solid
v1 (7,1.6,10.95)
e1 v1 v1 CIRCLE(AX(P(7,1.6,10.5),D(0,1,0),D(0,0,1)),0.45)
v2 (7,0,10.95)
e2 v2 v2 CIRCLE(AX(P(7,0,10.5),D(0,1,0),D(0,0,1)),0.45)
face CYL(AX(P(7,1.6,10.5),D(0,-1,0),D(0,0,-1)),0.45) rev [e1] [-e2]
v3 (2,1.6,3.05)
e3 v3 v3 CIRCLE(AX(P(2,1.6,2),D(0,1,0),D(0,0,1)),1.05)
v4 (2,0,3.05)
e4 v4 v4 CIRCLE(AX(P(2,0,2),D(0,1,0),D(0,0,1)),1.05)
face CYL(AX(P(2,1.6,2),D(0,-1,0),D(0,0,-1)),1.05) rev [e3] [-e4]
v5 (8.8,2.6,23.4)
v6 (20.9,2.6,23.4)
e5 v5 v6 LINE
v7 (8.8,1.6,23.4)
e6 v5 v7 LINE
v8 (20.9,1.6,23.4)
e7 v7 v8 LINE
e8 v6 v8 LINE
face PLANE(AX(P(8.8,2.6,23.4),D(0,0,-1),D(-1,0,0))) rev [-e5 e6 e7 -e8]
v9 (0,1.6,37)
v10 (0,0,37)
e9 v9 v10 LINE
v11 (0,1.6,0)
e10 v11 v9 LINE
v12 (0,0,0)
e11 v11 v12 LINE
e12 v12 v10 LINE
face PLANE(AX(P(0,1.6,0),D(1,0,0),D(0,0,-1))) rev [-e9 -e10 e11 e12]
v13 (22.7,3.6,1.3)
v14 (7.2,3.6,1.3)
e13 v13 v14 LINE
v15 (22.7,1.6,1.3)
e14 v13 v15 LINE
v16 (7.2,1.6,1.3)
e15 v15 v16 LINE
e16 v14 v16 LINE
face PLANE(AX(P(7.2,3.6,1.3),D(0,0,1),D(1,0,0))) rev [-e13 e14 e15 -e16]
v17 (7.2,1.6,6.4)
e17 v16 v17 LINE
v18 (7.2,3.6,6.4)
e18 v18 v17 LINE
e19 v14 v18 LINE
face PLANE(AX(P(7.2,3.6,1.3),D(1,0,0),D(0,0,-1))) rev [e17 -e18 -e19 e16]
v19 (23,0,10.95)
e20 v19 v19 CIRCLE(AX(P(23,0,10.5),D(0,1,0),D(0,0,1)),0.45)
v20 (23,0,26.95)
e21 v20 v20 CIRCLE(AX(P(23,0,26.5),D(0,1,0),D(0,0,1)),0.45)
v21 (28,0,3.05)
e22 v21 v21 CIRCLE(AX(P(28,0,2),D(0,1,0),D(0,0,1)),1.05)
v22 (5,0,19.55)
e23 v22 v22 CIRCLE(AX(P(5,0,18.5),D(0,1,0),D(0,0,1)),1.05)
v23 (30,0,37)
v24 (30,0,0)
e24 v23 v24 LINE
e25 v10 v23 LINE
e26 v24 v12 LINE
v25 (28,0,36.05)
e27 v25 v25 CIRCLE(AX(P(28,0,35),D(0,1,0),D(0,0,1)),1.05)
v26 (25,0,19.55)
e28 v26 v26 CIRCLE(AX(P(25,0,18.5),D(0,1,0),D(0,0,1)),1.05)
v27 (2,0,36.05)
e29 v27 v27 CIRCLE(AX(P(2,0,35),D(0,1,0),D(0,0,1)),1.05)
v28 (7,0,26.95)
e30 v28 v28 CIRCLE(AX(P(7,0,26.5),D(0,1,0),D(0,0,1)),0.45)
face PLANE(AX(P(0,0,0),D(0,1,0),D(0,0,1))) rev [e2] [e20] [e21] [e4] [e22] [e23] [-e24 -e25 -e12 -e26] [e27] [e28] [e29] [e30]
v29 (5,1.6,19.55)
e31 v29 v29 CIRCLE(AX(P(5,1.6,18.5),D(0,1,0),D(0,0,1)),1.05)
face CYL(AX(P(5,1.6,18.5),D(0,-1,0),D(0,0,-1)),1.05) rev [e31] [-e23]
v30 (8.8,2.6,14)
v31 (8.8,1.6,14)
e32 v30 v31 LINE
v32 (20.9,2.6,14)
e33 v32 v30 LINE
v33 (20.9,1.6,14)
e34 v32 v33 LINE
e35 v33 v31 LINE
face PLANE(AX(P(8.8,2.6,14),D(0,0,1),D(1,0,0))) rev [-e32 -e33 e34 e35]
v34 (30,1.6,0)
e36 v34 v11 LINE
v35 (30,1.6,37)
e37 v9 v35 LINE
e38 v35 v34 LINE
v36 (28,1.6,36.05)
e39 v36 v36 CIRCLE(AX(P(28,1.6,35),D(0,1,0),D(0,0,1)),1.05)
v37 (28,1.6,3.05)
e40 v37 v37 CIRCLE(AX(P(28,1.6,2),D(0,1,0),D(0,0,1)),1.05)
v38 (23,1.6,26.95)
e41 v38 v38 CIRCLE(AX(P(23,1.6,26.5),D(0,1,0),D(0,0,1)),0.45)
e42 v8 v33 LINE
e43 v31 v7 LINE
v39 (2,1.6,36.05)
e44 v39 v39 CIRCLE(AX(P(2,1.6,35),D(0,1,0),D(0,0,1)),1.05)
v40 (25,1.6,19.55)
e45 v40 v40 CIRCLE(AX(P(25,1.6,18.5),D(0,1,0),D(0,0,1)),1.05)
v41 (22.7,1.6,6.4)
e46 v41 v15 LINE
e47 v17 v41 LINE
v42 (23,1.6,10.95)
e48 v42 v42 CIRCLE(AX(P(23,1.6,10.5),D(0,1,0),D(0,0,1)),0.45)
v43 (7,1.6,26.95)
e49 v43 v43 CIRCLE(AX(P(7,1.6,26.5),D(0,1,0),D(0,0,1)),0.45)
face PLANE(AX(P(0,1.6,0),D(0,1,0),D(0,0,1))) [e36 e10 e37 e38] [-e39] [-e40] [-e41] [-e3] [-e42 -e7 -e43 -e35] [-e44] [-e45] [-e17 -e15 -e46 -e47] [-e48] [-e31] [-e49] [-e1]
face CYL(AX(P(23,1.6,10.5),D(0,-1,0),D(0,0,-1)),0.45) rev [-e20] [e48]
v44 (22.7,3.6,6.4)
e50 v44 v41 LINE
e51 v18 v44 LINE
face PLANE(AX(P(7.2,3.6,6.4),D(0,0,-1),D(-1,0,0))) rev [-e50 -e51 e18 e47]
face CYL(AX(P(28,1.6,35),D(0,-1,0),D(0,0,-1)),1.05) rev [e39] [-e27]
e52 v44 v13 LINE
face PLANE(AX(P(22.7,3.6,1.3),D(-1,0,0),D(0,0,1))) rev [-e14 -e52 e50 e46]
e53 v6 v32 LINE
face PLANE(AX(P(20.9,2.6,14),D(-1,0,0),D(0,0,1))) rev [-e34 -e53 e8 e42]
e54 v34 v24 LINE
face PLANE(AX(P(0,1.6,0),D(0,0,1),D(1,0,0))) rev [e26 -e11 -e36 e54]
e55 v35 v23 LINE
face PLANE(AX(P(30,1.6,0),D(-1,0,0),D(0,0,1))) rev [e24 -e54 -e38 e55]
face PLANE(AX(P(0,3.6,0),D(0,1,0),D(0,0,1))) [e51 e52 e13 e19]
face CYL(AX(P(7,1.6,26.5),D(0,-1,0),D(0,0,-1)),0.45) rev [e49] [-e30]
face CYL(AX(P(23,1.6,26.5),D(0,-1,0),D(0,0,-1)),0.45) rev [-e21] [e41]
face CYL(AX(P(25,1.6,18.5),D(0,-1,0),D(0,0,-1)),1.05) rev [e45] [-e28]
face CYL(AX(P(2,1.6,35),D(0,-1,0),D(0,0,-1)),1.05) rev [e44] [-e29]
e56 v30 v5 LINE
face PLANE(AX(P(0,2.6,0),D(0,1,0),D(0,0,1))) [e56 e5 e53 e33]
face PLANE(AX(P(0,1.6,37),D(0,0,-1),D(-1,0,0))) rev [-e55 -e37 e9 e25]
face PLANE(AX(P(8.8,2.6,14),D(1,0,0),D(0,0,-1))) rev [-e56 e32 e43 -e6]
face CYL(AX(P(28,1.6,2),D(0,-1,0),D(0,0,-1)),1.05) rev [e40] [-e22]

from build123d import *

# Parameters (mm, degrees)
SKETCH_1_W      = 30
SKETCH_1_H      = 37
SKETCH_1_R      = 1.05
SKETCH_1_R_2    = 0.45
EXTRUDE_1_DEPTH = 1.6
SKETCH_2_W      = 12.1
SKETCH_2_H      = 9.4
EXTRUDE_2_DEPTH = 1
SKETCH_3_W      = 15.5
SKETCH_3_H      = 5.1
EXTRUDE_3_DEPTH = 2


with BuildPart() as part:
    # 草图1 → 凸台-拉伸1 (new body)
    with BuildSketch(Plane(origin=(0, 0, 0), x_dir=(1, 0, 0), z_dir=(0, 1, 0))):
        with Locations((15, -18.5)):
            Rectangle(SKETCH_1_W, SKETCH_1_H)
        with Locations(Location((2, -2, 0), (0, 0, 270))):
            Circle(SKETCH_1_R, mode=Mode.SUBTRACT)
        with Locations(Location((28, -2, 0), (0, 0, 270))):
            Circle(SKETCH_1_R, mode=Mode.SUBTRACT)
        with Locations(Location((2, -35, 0), (0, 0, 270))):
            Circle(SKETCH_1_R, mode=Mode.SUBTRACT)
        with Locations(Location((28, -35, 0), (0, 0, 270))):
            Circle(SKETCH_1_R, mode=Mode.SUBTRACT)
        with Locations(Location((7, -10.5, 0), (0, 0, 270))):
            Circle(SKETCH_1_R_2, mode=Mode.SUBTRACT)
        with Locations(Location((23, -10.5, 0), (0, 0, 270))):
            Circle(SKETCH_1_R_2, mode=Mode.SUBTRACT)
        with Locations(Location((7, -26.5, 0), (0, 0, 270))):
            Circle(SKETCH_1_R_2, mode=Mode.SUBTRACT)
        with Locations(Location((23, -26.5, 0), (0, 0, 270))):
            Circle(SKETCH_1_R_2, mode=Mode.SUBTRACT)
        with Locations(Location((5, -18.5, 0), (0, 0, 270))):
            Circle(SKETCH_1_R, mode=Mode.SUBTRACT)
        with Locations(Location((25, -18.5, 0), (0, 0, 270))):
            Circle(SKETCH_1_R, mode=Mode.SUBTRACT)
    extrude(amount=EXTRUDE_1_DEPTH)

    # 草图2 → 凸台-拉伸2 (add)
    with BuildSketch(Plane(origin=(0, 1.6, 0), x_dir=(1, 0, 0), z_dir=(0, 1, 0))):
        with Locations((14.85, -18.7)):
            Rectangle(SKETCH_2_W, SKETCH_2_H)
    extrude(amount=EXTRUDE_2_DEPTH)

    # 草图3 → 凸台-拉伸3 (add)
    with BuildSketch(Plane(origin=(0, 1.6, 0), x_dir=(1, 0, 0), z_dir=(0, 1, 0))):
        with Locations((14.95, -3.85)):
            Rectangle(SKETCH_3_W, SKETCH_3_H)
    extrude(amount=EXTRUDE_3_DEPTH)


solid = part.part
